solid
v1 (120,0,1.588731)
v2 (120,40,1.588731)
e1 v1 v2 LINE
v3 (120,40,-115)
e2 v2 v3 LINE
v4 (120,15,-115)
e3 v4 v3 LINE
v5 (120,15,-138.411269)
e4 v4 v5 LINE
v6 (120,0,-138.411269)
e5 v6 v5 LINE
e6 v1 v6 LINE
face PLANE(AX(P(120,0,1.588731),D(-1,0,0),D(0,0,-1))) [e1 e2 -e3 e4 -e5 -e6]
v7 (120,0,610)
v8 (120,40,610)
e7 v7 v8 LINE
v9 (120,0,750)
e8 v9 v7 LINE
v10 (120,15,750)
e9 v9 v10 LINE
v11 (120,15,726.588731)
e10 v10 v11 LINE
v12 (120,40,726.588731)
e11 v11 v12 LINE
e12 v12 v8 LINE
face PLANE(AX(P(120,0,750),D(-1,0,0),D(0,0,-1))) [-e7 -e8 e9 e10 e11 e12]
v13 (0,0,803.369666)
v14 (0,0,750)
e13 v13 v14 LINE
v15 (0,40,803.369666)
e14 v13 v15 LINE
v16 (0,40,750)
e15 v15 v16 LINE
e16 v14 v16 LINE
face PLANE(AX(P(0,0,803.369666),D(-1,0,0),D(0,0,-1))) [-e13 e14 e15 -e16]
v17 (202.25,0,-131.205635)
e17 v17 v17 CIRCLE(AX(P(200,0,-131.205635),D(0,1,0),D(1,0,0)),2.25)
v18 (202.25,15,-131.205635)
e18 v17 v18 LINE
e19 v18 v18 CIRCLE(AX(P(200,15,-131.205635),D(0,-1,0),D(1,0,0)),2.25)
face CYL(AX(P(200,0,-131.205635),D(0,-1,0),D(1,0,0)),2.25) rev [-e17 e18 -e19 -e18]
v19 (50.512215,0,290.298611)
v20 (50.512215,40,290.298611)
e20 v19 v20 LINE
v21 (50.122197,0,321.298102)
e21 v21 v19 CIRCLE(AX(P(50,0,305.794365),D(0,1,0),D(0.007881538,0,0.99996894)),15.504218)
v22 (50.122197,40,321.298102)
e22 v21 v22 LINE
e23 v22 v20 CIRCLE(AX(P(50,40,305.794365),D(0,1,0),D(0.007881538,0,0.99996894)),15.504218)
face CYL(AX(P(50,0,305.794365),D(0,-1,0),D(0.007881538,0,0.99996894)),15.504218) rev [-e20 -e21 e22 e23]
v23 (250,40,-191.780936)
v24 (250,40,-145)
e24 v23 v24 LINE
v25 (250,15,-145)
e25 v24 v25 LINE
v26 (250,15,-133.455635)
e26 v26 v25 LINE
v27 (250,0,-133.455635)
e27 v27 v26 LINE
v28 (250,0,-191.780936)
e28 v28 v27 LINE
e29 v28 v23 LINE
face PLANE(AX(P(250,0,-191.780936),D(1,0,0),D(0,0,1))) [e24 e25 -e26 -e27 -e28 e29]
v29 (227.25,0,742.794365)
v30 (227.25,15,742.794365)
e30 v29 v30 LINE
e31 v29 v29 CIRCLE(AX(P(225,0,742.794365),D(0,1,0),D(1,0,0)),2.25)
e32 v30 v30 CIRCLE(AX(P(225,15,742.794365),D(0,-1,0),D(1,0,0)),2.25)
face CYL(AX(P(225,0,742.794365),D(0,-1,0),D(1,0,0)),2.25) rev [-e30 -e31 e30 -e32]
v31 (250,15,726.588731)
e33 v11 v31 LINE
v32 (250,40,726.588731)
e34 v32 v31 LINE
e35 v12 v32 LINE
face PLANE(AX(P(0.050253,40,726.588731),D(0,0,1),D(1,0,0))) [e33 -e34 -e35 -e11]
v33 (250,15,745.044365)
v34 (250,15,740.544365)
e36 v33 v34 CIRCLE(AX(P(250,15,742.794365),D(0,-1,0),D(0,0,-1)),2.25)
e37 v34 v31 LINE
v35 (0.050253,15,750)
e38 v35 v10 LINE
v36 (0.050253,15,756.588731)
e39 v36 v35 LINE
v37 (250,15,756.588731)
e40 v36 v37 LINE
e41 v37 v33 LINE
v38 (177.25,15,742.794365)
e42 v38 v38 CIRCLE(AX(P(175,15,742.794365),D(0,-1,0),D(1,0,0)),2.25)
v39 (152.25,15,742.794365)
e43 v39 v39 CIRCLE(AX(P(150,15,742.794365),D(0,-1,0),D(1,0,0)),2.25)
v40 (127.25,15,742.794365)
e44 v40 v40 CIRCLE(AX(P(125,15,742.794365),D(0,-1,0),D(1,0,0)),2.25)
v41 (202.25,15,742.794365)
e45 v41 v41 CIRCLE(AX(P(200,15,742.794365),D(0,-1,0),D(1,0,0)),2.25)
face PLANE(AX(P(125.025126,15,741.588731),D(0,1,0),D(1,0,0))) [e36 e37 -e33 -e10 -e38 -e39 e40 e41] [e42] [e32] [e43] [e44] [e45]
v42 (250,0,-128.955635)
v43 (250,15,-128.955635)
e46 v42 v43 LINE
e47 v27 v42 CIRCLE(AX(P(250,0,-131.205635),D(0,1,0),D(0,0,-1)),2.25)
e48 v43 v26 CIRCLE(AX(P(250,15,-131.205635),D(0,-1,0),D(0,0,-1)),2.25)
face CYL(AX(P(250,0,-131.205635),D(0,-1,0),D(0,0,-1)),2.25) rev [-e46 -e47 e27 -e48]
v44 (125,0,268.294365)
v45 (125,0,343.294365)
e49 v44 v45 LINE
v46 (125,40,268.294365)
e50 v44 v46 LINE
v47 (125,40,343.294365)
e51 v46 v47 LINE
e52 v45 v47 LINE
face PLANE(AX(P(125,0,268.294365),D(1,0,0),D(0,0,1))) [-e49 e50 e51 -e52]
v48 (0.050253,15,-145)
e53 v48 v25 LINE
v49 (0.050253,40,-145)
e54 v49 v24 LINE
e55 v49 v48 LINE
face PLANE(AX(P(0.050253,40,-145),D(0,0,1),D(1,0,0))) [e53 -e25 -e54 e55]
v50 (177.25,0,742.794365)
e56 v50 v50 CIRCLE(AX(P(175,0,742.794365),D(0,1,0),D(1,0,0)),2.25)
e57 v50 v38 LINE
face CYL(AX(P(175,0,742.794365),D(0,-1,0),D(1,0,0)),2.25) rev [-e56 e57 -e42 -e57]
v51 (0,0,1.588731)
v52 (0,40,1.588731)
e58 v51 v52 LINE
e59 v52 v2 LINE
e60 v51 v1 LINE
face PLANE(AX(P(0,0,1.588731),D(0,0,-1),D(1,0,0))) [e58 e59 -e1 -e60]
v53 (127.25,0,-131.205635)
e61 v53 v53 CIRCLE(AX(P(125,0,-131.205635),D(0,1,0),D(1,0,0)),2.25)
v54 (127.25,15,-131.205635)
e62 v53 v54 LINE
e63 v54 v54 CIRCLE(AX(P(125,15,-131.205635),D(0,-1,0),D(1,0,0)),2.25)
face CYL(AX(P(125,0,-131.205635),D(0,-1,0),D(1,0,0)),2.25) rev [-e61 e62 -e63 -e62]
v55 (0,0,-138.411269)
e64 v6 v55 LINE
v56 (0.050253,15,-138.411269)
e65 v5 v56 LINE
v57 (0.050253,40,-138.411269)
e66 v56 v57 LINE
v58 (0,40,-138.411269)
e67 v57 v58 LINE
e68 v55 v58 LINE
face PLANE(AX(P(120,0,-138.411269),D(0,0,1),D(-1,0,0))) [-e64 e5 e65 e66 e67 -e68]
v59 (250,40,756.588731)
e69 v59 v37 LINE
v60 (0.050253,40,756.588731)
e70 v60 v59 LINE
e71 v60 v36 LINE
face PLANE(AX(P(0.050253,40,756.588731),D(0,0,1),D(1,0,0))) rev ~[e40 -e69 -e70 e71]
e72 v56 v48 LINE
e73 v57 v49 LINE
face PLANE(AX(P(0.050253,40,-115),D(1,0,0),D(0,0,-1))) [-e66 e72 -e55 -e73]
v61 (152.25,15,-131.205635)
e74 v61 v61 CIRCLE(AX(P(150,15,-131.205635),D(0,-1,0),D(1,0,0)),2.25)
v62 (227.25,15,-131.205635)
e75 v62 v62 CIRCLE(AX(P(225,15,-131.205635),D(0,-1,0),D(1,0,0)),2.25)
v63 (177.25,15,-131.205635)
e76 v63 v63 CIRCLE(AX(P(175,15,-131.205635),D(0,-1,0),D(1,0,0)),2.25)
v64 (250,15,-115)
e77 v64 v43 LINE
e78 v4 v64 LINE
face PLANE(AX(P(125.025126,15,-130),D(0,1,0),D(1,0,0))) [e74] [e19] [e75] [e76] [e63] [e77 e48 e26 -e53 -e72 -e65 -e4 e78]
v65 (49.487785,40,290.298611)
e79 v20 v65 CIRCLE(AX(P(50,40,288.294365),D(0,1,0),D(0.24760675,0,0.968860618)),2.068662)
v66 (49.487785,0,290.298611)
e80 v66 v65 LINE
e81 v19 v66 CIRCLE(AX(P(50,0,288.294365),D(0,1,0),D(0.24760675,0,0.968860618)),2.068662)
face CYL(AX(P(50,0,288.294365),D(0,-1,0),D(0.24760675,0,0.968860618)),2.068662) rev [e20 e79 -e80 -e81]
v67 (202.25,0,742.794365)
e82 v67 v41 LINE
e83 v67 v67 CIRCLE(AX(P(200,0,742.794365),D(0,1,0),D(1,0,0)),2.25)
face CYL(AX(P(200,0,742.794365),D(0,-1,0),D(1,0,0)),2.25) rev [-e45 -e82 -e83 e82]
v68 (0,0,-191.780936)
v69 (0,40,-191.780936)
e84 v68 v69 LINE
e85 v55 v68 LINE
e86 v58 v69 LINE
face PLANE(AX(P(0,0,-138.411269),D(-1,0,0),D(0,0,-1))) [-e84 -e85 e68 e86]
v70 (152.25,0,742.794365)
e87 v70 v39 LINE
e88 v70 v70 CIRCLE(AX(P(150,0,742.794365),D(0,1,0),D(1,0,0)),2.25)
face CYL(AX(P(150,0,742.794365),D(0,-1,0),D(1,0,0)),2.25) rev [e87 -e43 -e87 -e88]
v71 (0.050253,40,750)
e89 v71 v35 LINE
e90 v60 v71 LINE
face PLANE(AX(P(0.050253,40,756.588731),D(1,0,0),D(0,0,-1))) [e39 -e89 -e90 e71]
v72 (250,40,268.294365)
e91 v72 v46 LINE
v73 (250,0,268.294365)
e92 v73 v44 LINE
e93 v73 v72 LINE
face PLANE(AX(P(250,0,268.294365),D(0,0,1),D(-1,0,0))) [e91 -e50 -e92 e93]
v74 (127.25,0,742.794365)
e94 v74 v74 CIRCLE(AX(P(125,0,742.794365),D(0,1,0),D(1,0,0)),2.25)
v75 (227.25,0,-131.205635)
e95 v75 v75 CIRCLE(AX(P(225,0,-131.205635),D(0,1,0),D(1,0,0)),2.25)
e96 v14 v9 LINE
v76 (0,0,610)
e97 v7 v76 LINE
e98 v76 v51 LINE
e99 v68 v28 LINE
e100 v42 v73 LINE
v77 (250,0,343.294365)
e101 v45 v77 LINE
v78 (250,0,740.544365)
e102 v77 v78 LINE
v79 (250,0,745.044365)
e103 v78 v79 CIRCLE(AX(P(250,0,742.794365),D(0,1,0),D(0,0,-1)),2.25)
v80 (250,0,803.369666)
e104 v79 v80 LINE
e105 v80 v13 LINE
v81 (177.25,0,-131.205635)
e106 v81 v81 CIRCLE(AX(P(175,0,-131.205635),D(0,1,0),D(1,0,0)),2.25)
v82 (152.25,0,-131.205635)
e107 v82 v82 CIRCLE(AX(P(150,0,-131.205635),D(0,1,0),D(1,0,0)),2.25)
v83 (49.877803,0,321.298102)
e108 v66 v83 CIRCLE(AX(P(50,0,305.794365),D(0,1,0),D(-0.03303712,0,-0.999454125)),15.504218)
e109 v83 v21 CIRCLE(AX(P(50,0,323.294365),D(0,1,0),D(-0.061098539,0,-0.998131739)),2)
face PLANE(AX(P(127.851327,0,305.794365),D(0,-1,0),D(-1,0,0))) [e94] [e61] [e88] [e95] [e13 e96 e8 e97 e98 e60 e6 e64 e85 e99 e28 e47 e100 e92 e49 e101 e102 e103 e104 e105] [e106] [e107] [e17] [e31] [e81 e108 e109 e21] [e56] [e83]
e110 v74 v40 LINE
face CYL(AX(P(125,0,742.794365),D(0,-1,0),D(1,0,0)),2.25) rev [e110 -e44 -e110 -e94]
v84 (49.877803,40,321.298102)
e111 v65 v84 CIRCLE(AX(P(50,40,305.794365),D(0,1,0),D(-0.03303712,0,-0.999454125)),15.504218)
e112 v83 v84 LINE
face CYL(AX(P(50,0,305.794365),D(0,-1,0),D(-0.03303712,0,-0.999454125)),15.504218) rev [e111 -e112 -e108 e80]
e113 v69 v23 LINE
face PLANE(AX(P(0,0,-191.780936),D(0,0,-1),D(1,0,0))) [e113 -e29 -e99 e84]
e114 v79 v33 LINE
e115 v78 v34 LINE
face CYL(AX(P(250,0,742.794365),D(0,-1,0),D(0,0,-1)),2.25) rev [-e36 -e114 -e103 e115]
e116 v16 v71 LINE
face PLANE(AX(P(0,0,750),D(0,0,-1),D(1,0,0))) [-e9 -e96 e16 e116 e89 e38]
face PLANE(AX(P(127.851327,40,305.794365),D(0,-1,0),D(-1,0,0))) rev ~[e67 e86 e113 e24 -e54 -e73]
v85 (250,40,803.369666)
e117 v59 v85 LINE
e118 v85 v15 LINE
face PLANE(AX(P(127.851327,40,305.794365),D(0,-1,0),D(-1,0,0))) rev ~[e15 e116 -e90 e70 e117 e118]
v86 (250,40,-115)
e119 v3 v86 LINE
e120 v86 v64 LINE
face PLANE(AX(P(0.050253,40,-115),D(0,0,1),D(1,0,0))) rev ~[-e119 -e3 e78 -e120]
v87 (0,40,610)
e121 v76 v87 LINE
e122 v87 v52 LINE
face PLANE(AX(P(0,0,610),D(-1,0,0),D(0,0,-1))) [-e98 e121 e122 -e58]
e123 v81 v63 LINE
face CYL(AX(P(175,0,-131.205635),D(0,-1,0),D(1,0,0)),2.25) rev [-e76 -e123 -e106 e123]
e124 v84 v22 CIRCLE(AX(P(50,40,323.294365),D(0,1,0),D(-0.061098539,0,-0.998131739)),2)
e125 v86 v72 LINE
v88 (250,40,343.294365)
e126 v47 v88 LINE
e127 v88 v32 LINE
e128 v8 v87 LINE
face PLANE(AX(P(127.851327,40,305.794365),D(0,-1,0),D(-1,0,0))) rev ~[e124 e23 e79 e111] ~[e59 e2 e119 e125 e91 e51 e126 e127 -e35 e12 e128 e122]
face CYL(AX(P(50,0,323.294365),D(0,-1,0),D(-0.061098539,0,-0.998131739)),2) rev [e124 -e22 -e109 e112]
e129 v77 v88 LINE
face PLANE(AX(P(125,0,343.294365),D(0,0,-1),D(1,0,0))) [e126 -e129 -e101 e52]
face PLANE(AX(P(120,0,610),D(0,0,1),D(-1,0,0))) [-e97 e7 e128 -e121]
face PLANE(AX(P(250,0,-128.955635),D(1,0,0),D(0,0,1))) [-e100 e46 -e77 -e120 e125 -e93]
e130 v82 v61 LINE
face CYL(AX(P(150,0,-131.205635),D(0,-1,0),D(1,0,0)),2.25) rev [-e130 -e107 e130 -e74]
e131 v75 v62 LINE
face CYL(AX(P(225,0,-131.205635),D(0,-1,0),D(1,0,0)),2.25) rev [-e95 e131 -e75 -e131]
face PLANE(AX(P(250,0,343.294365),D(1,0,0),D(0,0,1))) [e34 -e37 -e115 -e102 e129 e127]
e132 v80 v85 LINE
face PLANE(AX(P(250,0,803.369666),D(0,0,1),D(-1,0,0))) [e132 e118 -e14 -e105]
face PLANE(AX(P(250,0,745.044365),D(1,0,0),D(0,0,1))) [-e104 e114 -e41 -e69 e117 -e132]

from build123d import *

# Parameters (mm, degrees)
SKETCH_R            = 2.25
BOSS_EXTRUDE3_DEPTH = 40
SKETCH1_W           = 249.949747468
SKETCH1_H           = 30
CUT_EXTRUDE1_DEPTH  = 25


with BuildPart() as part:
    # Sketch → Boss-Extrude3 (new body)
    with BuildSketch(Plane(origin=(0, 0, 0), x_dir=(1, 0, 0), z_dir=(0, 1, 0))):
        with BuildLine():
            Line((0, 191.780935723), (250, 191.780935723))
            Line((250, 191.780935723), (250, 133.455634672))
            ThreePointArc((250, 133.455634672), (247.75, 131.205634672), (250, 128.955634672))
            Line((250, 128.955634672), (250, -268.294365328))
            Line((250, -268.294365328), (125, -268.294365328))
            Line((125, -268.294365328), (125, -343.294365328))
            Line((125, -343.294365328), (250, -343.294365328))
            Line((250, -343.294365328), (250, -740.544365328))
            ThreePointArc((250, -740.544365328), (247.75, -742.794365328), (250, -745.044365328))
            Line((250, -745.044365328), (250, -803.36966638))
            Line((250, -803.36966638), (0, -803.36966638))
            Line((0, -803.36966638), (0, -750))
            Line((0, -750), (120, -750))
            Line((120, -750), (120, -610))
            Line((120, -610), (0, -610))
            Line((0, -610), (0, -1.588730657))
            Line((0, -1.588730657), (120, -1.588730657))
            Line((120, -1.588730657), (120, 138.411269343))
            Line((120, 138.411269343), (0, 138.411269343))
            Line((0, 138.411269343), (0, 191.780935723))
        make_face()
        with Locations((125, 131.205634672)):
            Circle(SKETCH_R, mode=Mode.SUBTRACT)
        with Locations((150, 131.205634672)):
            Circle(SKETCH_R, mode=Mode.SUBTRACT)
        with Locations((175, 131.205634672)):
            Circle(SKETCH_R, mode=Mode.SUBTRACT)
        with Locations((200, 131.205634672)):
            Circle(SKETCH_R, mode=Mode.SUBTRACT)
        with Locations((225, 131.205634672)):
            Circle(SKETCH_R, mode=Mode.SUBTRACT)
        with Locations((225, -742.794365328)):
            Circle(SKETCH_R, mode=Mode.SUBTRACT)
        with Locations((200, -742.794365328)):
            Circle(SKETCH_R, mode=Mode.SUBTRACT)
        with Locations((175, -742.794365328)):
            Circle(SKETCH_R, mode=Mode.SUBTRACT)
        with Locations((150, -742.794365328)):
            Circle(SKETCH_R, mode=Mode.SUBTRACT)
        with Locations((125, -742.794365328)):
            Circle(SKETCH_R, mode=Mode.SUBTRACT)
        with BuildLine():
            ThreePointArc((50.51221471, -290.298610608), (50, -286.225703188), (49.48778529, -290.298610608))
            ThreePointArc((49.48778529, -290.298610608), (34.497008873, -305.989414978), (49.877802923, -321.29810185))
            ThreePointArc((49.877802923, -321.29810185), (50, -325.294365328), (50.122197077, -321.29810185))
            ThreePointArc((50.122197077, -321.29810185), (65.502991127, -305.989414978), (50.51221471, -290.298610608))
        make_face(mode=Mode.SUBTRACT)
    extrude(amount=BOSS_EXTRUDE3_DEPTH)

    # Sketch1 → Cut-Extrude1 (cut)
    with BuildSketch(Plane(origin=(0, 40, 0), x_dir=(1, 0, 0), z_dir=(0, 1, 0))):
        with Locations((125.025126266, 130)):
            Rectangle(SKETCH1_W, SKETCH1_H)
        with Locations((125.025126266, -741.588730657)):
            Rectangle(SKETCH1_W, SKETCH1_H)
    extrude(amount=-CUT_EXTRUDE1_DEPTH, mode=Mode.SUBTRACT)


solid = part.part
